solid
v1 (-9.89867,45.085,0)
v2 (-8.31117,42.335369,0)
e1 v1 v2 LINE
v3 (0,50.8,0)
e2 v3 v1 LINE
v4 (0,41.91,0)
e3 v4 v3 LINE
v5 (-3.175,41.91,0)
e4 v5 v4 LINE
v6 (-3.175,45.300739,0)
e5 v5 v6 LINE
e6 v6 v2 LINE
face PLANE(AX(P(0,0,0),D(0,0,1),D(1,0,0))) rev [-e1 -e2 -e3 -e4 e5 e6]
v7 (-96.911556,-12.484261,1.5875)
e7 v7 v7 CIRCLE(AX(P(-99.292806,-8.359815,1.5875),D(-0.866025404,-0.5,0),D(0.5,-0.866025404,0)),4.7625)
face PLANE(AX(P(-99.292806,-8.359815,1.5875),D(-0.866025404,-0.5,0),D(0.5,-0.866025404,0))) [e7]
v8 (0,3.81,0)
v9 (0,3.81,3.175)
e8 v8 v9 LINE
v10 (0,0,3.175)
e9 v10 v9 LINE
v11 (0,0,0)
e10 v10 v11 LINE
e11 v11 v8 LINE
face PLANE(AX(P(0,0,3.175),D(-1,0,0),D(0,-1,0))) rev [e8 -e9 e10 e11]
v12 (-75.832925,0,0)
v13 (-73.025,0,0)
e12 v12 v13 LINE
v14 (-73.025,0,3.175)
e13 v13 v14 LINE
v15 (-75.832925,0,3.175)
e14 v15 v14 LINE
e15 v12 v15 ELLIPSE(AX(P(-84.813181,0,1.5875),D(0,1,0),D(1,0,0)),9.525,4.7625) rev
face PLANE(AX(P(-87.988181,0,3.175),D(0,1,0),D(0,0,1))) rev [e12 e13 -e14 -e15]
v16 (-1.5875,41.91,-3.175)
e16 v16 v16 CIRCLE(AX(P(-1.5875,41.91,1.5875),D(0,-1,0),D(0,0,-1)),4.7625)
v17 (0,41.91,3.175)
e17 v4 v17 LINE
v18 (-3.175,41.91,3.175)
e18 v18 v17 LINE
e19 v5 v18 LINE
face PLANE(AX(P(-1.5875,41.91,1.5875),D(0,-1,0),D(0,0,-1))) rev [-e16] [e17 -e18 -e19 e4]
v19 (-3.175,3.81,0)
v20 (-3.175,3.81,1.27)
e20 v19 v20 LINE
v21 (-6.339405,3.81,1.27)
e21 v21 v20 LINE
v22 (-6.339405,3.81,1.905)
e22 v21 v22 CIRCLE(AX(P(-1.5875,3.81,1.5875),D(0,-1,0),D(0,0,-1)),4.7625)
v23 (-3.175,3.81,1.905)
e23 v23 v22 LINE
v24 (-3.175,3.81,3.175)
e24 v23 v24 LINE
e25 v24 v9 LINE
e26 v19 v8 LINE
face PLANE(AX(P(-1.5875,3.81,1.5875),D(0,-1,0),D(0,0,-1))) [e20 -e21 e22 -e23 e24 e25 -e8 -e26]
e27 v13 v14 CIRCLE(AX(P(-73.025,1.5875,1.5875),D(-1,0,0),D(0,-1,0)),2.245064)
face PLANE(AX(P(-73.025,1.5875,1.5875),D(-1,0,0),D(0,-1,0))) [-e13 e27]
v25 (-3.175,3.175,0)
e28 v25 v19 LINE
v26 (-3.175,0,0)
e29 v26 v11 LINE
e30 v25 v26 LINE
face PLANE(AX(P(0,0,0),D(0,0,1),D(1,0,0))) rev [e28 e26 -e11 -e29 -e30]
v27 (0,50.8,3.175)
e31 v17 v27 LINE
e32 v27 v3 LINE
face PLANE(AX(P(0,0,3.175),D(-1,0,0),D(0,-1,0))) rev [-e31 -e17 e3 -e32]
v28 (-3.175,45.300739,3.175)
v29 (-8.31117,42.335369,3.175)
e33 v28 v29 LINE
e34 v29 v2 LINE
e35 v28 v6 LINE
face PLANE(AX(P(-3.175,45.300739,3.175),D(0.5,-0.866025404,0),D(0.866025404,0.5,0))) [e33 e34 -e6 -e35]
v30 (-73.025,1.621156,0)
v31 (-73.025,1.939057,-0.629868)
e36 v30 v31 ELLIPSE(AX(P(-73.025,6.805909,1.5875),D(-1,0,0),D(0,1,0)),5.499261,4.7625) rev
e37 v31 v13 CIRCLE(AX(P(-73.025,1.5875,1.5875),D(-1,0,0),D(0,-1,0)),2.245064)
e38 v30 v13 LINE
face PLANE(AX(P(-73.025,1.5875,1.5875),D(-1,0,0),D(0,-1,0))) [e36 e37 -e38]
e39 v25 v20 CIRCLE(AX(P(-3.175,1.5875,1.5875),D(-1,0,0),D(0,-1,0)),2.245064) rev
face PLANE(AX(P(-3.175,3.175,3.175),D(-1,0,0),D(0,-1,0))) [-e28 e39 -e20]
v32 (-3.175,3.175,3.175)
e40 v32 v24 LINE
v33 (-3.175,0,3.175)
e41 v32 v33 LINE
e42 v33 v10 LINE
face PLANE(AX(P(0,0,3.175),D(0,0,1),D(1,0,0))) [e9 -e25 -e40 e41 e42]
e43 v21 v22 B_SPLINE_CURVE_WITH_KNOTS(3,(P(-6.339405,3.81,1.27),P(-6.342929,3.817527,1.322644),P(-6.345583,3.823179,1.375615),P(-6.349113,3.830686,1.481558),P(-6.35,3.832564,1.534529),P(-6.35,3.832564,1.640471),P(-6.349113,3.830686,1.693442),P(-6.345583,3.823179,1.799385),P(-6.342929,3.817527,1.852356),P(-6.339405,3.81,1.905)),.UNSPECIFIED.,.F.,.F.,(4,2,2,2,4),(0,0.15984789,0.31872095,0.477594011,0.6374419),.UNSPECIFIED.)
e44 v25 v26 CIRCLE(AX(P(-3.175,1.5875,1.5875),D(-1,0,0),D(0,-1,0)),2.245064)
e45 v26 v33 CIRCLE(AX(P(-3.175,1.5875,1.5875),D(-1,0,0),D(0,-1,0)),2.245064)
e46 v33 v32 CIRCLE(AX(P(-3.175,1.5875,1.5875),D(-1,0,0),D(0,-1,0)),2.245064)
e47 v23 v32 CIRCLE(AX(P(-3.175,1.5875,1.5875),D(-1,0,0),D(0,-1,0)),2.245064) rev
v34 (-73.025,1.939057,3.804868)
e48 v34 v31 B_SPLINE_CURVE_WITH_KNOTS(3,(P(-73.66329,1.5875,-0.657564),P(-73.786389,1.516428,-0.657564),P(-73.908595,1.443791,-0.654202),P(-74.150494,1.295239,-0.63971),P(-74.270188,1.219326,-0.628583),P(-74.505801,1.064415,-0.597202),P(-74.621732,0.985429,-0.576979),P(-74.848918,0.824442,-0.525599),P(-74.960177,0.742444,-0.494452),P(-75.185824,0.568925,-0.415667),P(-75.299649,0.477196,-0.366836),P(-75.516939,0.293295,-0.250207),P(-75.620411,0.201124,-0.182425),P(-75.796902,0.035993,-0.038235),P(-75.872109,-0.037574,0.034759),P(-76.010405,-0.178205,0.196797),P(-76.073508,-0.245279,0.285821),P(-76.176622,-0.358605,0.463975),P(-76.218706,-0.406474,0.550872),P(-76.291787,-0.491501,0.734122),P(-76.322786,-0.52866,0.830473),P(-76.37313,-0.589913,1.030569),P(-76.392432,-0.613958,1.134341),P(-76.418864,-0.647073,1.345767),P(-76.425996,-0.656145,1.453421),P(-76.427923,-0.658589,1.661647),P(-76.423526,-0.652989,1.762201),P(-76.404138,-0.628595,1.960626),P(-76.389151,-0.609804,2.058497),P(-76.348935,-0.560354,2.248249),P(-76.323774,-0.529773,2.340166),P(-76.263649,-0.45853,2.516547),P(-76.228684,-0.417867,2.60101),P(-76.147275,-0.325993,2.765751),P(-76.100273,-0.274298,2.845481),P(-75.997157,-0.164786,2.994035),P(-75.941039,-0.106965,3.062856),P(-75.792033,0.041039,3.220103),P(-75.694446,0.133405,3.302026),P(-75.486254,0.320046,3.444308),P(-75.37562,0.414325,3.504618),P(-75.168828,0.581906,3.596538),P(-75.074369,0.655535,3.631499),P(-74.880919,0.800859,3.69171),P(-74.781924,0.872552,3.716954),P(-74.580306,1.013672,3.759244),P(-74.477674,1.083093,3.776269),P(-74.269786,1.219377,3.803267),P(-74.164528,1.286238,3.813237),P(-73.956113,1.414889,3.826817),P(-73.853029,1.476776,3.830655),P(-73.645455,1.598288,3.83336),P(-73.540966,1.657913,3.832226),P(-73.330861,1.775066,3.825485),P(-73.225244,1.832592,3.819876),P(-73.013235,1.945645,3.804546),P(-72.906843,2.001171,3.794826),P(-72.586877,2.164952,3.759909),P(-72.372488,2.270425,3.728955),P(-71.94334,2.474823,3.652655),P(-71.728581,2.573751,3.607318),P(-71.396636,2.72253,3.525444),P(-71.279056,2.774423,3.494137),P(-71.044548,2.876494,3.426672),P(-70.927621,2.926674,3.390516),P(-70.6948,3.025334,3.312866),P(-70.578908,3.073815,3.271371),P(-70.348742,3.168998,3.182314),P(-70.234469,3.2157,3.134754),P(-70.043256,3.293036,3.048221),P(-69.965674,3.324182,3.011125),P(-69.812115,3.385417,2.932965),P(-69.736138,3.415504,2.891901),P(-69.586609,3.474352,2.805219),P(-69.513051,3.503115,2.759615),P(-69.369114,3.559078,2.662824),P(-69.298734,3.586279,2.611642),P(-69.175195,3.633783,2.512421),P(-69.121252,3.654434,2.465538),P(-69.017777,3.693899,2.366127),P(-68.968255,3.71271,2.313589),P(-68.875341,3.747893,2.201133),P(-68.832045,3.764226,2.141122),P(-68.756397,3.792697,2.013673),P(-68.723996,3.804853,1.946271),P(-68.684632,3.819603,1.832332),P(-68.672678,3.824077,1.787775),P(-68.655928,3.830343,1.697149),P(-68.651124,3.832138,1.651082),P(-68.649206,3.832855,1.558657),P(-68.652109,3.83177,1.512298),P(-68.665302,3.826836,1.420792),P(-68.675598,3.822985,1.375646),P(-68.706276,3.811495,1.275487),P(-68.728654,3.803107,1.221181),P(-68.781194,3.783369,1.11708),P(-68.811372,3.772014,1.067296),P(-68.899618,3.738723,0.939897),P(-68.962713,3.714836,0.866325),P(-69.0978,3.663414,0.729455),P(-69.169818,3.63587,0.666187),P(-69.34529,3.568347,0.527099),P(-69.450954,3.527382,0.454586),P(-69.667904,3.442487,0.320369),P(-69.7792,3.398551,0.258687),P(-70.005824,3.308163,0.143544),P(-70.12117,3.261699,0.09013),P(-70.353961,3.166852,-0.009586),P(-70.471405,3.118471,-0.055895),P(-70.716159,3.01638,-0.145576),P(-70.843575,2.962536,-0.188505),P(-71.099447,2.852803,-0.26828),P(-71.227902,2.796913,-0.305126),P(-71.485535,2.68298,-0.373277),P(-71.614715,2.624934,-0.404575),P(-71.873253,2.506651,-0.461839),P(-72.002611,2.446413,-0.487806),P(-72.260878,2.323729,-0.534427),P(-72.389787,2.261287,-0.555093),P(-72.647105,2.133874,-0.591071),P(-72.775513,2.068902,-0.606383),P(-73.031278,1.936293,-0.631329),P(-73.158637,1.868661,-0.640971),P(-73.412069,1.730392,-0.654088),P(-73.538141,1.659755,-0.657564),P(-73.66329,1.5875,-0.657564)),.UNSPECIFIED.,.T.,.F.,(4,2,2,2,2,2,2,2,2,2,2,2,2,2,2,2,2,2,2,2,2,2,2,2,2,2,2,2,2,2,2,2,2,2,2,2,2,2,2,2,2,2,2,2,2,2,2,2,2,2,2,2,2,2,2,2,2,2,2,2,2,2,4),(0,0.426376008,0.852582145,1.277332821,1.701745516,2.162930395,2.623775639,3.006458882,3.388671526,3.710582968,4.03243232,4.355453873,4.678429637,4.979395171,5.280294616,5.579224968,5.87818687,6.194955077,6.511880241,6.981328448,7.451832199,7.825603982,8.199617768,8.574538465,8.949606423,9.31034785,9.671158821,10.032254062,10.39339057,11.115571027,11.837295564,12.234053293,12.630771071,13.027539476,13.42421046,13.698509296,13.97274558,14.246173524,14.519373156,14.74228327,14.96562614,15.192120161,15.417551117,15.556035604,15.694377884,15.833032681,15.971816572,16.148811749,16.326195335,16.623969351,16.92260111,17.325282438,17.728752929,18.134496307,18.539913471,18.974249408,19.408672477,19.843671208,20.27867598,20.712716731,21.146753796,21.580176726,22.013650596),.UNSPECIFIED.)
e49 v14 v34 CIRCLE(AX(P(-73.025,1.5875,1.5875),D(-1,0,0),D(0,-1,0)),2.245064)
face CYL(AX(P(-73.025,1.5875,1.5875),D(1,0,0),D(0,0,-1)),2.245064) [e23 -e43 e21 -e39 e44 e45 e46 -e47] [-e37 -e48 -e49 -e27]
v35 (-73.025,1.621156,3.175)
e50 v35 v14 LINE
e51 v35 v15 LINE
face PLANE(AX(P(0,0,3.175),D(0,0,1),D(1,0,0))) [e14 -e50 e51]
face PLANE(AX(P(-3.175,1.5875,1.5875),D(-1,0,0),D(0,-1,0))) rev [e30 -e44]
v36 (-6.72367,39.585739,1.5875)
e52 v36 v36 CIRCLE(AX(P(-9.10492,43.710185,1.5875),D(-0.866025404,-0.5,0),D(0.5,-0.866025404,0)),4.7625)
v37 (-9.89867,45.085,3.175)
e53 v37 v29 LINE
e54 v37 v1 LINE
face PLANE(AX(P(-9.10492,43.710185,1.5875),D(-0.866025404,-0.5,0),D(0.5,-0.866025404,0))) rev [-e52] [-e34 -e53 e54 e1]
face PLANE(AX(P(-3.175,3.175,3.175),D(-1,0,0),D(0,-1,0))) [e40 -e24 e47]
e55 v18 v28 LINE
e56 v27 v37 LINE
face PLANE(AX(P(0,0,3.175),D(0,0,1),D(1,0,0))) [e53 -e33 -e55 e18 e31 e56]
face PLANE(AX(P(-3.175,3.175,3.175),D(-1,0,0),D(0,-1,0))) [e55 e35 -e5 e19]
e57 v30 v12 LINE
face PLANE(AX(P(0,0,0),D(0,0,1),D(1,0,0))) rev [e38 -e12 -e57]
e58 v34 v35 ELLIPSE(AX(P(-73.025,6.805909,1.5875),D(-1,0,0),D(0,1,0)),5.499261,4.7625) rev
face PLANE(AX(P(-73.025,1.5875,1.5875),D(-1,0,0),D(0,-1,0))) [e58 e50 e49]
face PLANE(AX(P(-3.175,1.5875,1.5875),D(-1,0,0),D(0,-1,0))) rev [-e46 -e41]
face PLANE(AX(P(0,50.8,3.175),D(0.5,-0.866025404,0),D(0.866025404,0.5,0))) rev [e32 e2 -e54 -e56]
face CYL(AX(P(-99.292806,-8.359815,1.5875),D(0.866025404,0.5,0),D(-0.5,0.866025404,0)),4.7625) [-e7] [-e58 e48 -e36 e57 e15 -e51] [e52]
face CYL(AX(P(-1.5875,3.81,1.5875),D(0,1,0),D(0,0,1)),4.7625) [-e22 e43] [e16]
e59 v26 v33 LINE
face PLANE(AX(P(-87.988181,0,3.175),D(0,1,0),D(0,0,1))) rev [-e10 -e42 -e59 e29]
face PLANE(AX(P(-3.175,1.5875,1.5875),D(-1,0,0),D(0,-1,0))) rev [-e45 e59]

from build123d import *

# Parameters (mm, degrees)
BOSS_EXTRUDE1_DEPTH = 3.175
BOSS_EXTRUDE2_START = -3.175
SKETCH2_R           = 2.24506403
BOSS_EXTRUDE2_DEPTH = 69.85
SKETCH4_R           = 4.7625
BOSS_EXTRUDE4_DEPTH = 19.05
SKETCH5_R           = 4.7625
BOSS_EXTRUDE5_DEPTH = 52.07


with BuildPart() as part:
    # Sketch1 → Boss-Extrude1 (new body)
    with BuildSketch(Plane.XY):
        Polygon((0, 0), (0, 50.8), (-87.988181024, 0), align=None)
        Polygon((-76.13891971, 3.175), (-3.175, 3.175), (-3.175, 45.300738686), align=None, mode=Mode.SUBTRACT)
    extrude(amount=BOSS_EXTRUDE1_DEPTH)

    # Sketch2 → Boss-Extrude2 (add)
    with BuildSketch(Plane(origin=(0, 0, 0), x_dir=(0, 0, -1), z_dir=(1, 0, 0)).offset(BOSS_EXTRUDE2_START)):
        with Locations(Location((-1.5875, 1.5875, 0), (0, 0, 45))):
            Circle(SKETCH2_R)
    extrude(amount=-BOSS_EXTRUDE2_DEPTH)

    # Sketch4 → Boss-Extrude4 (add, symmetric)
    with BuildSketch(Plane(origin=(0, 22.86, 0), x_dir=(-1, 0, 0), z_dir=(0, -1, 0))):
        with Locations(Location((1.5875, -1.5875, 0), (0, 0, 356.177446271))):
            Circle(SKETCH4_R)
    extrude(amount=BOSS_EXTRUDE4_DEPTH, both=True)

    # Sketch5 → Boss-Extrude5 (add, symmetric)
    with BuildSketch(Plane(origin=(-32.995567884, -19.05, 0), x_dir=(0, 0, -1), z_dir=(-0.8660254037844416, -0.49999999999999495, 0))):
        with Locations(Location((-1.5875, -42.406590512, 0), (0, 0, 90))):
            Circle(SKETCH5_R)
    extrude(amount=BOSS_EXTRUDE5_DEPTH, both=True)


solid = part.part
